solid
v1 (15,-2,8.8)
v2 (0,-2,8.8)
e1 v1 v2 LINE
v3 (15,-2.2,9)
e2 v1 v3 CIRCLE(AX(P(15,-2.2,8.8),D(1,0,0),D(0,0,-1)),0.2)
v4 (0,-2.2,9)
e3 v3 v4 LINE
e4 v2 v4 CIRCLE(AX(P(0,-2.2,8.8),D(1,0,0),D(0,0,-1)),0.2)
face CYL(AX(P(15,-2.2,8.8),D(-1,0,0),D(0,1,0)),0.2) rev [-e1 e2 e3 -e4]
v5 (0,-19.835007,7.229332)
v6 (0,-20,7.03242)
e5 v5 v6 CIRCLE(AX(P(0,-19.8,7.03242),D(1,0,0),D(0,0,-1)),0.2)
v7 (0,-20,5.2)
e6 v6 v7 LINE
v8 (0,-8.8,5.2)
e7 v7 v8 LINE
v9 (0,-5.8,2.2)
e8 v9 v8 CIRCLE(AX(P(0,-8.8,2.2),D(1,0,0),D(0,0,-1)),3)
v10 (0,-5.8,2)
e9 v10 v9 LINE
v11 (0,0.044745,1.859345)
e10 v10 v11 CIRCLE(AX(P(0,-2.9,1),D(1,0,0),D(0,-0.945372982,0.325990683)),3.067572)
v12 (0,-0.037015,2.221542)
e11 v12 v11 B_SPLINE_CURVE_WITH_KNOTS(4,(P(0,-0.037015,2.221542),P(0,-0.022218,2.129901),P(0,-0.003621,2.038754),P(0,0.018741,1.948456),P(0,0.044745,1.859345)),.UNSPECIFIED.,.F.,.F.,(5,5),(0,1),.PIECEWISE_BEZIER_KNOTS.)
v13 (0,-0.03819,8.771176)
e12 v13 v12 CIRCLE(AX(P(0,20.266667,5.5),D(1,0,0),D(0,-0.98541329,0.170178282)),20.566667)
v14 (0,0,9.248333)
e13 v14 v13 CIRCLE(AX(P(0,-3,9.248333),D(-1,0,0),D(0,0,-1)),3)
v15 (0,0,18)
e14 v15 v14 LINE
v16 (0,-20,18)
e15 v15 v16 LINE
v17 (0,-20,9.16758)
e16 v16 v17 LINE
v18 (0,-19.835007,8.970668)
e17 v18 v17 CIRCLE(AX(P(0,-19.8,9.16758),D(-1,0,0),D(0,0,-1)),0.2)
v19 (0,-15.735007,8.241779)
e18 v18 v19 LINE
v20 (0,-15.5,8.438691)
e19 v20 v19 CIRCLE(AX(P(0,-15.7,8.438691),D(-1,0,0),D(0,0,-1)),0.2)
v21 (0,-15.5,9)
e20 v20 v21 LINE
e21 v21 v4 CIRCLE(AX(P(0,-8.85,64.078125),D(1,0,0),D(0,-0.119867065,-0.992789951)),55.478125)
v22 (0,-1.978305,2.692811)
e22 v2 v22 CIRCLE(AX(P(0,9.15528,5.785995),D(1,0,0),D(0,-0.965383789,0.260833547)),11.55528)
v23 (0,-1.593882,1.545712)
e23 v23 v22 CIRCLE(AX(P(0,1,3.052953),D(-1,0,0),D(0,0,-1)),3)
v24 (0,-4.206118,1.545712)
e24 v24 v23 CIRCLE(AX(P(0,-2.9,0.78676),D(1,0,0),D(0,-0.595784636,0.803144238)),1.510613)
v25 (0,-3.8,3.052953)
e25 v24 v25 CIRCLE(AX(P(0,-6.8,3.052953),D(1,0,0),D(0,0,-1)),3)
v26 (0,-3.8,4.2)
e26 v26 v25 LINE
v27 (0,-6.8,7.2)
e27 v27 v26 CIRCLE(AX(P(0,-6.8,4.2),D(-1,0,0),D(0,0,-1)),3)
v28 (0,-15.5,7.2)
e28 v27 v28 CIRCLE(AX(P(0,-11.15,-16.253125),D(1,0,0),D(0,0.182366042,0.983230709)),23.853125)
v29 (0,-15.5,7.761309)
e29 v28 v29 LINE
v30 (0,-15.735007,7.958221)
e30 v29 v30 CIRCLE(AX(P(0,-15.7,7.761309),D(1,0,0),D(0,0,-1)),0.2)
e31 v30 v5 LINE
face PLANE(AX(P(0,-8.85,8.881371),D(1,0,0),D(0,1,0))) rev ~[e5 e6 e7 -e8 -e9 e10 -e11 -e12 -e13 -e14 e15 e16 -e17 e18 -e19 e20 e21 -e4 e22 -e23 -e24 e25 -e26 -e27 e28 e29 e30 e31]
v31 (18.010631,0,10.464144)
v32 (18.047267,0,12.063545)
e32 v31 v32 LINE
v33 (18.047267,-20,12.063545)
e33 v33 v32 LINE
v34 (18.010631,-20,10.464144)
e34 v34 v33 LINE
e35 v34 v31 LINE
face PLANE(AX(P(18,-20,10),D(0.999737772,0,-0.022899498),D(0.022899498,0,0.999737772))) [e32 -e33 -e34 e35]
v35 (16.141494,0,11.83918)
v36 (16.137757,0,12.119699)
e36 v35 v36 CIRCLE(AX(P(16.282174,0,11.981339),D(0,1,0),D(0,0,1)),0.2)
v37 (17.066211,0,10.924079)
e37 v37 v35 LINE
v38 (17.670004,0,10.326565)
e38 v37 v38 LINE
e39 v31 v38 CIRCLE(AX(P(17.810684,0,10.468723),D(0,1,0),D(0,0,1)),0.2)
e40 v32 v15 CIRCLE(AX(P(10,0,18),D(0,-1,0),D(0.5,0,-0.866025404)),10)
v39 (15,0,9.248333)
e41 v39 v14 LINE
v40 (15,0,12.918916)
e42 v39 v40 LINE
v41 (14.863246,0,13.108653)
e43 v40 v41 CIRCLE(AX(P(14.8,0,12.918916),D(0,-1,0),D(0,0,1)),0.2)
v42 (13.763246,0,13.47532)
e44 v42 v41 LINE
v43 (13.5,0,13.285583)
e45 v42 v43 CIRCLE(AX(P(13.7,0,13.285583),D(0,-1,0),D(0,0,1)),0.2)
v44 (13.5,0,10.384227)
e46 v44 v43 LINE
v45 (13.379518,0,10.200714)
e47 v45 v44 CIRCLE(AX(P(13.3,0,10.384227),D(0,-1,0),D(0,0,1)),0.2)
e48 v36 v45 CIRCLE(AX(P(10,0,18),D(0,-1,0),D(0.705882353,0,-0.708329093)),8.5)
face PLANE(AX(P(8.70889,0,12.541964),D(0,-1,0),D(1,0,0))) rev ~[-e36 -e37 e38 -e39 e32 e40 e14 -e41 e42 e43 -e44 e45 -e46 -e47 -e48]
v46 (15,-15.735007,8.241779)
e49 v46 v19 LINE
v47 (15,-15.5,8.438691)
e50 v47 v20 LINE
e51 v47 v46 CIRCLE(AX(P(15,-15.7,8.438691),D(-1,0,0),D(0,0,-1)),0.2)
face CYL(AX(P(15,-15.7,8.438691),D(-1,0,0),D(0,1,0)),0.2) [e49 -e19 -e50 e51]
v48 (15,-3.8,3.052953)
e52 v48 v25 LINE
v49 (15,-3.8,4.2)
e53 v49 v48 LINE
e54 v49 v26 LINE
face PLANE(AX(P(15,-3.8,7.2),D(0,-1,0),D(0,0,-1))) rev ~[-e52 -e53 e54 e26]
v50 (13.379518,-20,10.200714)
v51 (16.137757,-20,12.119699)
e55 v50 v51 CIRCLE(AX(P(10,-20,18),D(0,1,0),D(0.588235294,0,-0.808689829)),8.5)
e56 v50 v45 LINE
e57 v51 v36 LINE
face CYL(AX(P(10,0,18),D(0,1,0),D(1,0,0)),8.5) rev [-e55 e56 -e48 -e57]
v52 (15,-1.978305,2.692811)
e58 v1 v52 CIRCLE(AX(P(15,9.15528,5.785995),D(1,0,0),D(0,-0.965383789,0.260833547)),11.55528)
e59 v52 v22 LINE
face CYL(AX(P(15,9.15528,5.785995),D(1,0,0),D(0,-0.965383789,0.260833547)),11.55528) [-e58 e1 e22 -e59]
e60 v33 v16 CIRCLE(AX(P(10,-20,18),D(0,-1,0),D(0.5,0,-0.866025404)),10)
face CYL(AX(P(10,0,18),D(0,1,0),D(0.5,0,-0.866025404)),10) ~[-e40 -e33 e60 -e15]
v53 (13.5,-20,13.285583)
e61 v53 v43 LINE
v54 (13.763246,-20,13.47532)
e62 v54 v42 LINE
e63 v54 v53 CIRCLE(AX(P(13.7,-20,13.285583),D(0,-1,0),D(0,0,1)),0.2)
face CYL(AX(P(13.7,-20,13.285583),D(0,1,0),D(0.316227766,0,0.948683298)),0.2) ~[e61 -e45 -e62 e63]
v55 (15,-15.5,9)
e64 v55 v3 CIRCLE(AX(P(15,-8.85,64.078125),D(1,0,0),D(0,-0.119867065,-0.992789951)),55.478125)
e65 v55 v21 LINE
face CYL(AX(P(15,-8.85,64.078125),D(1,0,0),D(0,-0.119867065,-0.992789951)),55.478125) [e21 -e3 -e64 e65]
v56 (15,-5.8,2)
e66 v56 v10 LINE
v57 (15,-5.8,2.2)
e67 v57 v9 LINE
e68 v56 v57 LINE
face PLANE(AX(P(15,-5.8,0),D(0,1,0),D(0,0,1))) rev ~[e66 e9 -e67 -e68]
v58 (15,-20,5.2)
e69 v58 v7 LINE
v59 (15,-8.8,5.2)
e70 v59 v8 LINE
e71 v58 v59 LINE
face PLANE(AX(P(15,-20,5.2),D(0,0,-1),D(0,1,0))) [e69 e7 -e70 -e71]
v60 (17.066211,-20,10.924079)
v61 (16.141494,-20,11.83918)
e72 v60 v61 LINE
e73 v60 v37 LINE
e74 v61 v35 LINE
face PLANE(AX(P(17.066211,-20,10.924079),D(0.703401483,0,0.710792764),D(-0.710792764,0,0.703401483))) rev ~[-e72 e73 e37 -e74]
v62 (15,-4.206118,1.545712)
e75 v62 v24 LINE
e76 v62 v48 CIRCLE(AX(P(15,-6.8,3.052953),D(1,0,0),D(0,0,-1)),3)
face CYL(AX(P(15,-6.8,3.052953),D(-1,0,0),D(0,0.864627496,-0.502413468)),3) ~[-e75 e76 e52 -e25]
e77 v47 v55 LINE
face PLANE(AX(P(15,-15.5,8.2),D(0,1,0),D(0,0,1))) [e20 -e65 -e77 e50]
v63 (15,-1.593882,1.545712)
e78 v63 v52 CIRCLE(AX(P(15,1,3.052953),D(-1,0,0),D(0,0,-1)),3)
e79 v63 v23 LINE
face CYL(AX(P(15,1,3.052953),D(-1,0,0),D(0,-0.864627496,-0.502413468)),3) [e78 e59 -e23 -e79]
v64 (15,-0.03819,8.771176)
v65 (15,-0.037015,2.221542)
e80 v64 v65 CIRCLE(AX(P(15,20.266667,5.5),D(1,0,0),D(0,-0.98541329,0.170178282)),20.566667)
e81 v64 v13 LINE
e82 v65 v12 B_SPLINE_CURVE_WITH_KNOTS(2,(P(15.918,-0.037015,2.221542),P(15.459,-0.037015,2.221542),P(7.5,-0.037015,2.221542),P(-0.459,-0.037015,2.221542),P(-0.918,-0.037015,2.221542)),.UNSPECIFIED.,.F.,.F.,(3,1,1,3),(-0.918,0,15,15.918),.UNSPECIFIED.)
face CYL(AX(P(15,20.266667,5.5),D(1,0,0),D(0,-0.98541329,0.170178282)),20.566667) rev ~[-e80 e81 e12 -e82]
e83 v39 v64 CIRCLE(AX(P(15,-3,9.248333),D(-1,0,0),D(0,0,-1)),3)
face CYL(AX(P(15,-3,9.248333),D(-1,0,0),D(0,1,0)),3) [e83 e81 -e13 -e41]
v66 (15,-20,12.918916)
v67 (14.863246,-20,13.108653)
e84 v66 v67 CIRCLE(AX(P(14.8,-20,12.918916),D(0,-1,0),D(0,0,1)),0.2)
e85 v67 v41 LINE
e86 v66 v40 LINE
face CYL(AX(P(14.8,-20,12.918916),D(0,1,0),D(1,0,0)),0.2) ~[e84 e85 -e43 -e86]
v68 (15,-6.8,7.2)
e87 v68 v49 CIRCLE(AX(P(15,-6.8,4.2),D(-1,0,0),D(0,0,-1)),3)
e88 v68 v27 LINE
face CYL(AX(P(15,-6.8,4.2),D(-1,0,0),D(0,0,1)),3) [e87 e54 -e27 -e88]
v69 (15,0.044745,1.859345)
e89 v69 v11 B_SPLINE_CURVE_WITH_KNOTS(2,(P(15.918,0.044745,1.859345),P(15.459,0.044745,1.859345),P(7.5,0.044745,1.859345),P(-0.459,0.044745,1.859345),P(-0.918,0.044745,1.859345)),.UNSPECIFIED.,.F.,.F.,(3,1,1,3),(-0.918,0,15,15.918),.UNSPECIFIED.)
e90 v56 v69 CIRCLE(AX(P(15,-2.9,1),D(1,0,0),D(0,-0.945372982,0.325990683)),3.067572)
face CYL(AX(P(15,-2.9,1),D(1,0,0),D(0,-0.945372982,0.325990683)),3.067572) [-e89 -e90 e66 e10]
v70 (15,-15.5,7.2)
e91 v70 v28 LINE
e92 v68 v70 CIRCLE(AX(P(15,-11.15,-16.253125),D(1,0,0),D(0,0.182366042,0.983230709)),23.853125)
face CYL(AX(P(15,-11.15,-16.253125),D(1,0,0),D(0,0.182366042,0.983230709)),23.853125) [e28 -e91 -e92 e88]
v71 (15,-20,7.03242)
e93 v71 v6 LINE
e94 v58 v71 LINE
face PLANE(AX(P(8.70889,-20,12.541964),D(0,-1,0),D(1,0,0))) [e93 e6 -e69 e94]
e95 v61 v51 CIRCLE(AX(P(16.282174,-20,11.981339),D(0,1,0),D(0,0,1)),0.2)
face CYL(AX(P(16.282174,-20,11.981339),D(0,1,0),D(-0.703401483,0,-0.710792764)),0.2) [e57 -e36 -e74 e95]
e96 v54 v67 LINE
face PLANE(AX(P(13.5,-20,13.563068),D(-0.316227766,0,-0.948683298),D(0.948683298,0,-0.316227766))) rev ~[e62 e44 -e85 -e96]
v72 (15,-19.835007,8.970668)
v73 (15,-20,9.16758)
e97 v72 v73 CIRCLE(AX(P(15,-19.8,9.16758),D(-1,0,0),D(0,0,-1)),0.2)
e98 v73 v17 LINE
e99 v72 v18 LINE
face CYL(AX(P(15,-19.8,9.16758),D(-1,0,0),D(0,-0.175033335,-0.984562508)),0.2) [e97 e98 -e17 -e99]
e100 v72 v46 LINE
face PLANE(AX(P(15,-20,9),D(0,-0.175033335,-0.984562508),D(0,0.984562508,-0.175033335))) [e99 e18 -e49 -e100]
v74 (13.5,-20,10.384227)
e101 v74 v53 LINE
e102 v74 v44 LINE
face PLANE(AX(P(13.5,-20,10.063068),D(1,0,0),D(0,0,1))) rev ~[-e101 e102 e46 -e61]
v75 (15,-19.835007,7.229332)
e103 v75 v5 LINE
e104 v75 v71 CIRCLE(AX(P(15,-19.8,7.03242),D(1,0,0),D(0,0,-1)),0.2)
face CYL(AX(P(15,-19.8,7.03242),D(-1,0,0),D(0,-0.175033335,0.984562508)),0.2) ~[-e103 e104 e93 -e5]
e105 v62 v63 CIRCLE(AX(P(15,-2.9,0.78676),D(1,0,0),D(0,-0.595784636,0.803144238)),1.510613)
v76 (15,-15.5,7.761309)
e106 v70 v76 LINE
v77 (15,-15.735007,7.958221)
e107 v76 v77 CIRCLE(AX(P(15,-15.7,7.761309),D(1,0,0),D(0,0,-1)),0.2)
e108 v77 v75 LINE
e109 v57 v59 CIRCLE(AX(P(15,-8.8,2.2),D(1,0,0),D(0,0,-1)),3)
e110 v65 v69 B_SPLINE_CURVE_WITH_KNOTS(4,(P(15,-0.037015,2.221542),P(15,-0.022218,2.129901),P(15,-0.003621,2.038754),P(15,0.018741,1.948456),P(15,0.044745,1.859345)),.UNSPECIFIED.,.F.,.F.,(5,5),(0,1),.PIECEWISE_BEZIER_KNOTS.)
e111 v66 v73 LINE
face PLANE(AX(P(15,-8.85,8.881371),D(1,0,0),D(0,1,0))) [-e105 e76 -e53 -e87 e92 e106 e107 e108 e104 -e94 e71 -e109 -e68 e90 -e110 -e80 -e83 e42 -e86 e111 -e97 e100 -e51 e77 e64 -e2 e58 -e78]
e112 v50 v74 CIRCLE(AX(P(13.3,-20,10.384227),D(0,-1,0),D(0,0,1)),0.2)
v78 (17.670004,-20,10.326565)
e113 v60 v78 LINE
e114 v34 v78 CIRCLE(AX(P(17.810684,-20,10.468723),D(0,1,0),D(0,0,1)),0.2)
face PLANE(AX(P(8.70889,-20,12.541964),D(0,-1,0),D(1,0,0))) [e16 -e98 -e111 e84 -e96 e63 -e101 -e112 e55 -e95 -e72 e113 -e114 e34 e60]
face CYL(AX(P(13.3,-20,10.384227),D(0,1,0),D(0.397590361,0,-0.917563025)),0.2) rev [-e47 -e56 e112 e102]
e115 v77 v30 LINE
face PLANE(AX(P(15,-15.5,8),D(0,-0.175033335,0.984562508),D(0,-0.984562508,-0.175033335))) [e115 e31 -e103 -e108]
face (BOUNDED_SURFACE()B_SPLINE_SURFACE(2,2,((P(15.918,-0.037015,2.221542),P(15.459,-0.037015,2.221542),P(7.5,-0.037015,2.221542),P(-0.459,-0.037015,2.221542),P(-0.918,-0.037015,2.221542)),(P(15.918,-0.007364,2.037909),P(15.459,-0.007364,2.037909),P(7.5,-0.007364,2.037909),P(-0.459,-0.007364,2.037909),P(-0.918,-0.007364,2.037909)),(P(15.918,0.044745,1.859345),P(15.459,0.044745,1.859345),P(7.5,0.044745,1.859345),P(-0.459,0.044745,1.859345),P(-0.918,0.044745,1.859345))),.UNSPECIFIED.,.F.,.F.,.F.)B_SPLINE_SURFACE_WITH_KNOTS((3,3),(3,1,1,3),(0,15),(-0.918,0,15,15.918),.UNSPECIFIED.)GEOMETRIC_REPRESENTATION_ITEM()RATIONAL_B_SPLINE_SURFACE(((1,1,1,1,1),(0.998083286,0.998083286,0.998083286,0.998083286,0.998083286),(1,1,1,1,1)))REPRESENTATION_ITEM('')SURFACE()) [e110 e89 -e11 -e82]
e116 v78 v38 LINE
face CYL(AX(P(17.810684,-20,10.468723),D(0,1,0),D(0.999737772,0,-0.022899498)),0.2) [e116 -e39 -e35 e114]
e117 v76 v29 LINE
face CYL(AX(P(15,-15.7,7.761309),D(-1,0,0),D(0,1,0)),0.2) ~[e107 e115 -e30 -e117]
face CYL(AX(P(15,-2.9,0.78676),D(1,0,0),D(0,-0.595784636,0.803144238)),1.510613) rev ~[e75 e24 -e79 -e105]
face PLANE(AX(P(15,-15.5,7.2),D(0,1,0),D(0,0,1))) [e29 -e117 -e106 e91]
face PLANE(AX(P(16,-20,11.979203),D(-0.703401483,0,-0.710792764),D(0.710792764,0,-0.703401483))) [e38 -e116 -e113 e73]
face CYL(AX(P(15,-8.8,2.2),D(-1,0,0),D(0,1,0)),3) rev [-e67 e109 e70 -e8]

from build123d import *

# Parameters (mm, degrees)
F0_R      = 8.5
F1_DEPTH  = 20
F2_W      = 14.2
F2_H      = 5.2
F3_DEPTH  = 15.001
F5_DEPTH  = 15
F6_W      = 1
F6_H      = 2.6394567484
F7_DEPTH  = 20.001
F8_W      = 1.5
F8_H      = 3.5
F9_DEPTH  = 20
F11_DEPTH = 20
F13_DEPTH = 15
F15_DEPTH = 15.001
F16_R     = 3
F17_R     = 0.2
F19_DEPTH = 15


with BuildPart() as f1:
    # F0 (on Front) → F1 (new body)
    with BuildSketch(Plane.XZ):
        with BuildLine():
            Line((0, 18), (0, 0))
            Line((0, 0), (15, 0))
            Line((15, 0), (15, 9.3397459622))
            ThreePointArc((15, 9.3397459622), (15, 26.6602540378), (0, 18))
        make_face()
        with Locations((10, 18)):
            Circle(F0_R, mode=Mode.SUBTRACT)
    extrude(amount=F1_DEPTH)

    # F2 (on face) → F3 (cut, through all)
    with BuildSketch(Plane.YZ.offset(15)):
        Polygon((-3.8, 2), (-2, 2), (-2, 9), (-20, 9), (-20, 7.2), (-3.8, 7.2), align=None)
        with Locations((-12.9, 2.6)):
            Rectangle(F2_W, F2_H)
    extrude(amount=-F3_DEPTH, mode=Mode.SUBTRACT)

    # F4 (on face) → F5 (join, through all)
    with BuildSketch(Plane.YZ.offset(15)):
        Polygon((-20, 7.2), (-15.5, 7.2), (-15.5, 8), align=None)
        Polygon((-15.5, 8.2), (-15.5, 9), (-20, 9), align=None)
    extrude(amount=-F5_DEPTH)

    # F6 (on face) → F7 (cut, through all)
    with BuildSketch(Plane.XZ.offset(20)):
        with Locations((15.5, 10.6594743364)):
            Rectangle(F6_W, F6_H)
    extrude(amount=-F7_DEPTH, mode=Mode.SUBTRACT)

    # F8 (on face) → F9 (join, through all)
    with BuildSketch(Plane.XZ.offset(20)):
        with Locations((14.25, 11.8130682288)):
            Rectangle(F8_W, F8_H)
        Polygon((18.0472665318, 12.0635447138), (16, 11.9792027106), (18, 10), align=None)
    extrude(amount=-F9_DEPTH)

    # F10 (on face) → F11 (cut, through all)
    with BuildSketch(Plane.XZ.offset(20)):
        Polygon((16, 11.9792027106), (16, 10), (17.0662110755, 10), (17.0662110755, 10.9240787853), align=None)
        Polygon((15, 13.5630682288), (13.5, 13.5630682288), (15, 13.0630682288), align=None)
    extrude(amount=-F11_DEPTH, mode=Mode.SUBTRACT)

    # F12 (on face) → F13 (join, through all)
    with BuildSketch(Plane.YZ.offset(15)):
        with BuildLine():
            Line((0, 2), (-5.8, 2))
            ThreePointArc((-5.8, 2), (-2.9, -2.06757233), (0, 2))
        make_face()
    extrude(amount=-F13_DEPTH)

    # F14 (on face) → F15 (cut, through all)
    with BuildSketch(Plane.YZ.offset(15)):
        with BuildLine():
            Line((-2, 2), (-3.8, 2))
            ThreePointArc((-3.8, 2), (-2.9, -0.723853077), (-2, 2))
        make_face()
        with BuildLine():
            Line((0, 2), (0, 9))
            ThreePointArc((0, 9), (-0.3, 5.5), (0, 2))
        make_face()
    extrude(amount=-F15_DEPTH, mode=Mode.SUBTRACT)

    # F16
    f16_edges = [f1.edges().sort_by_distance(p)[0] for p in [
        (7.5, -3.8, 7.2),
        (7.5, -5.8, 5.2),
        (7.5, -3.8, 2),
        (7.5, -2, 2),
        (7.5, 0, 2),
        (7.5, 0, 9),
    ]]
    fillet(f16_edges, radius=F16_R)

    # F17
    f17_edges = [f1.edges().sort_by_distance(p)[0] for p in [
        (7.5, -20, 7.2),
        (7.5, -20, 9),
        (7.5, -15.5, 8.2),
        (7.5, -15.5, 8),
        (7.5, -2, 9),
        (18, -10, 10),
        (16, -10, 11.979203),
        (13.5, -10, 13.563068),
        (15, -10, 13.063068),
        (13.5, -10, 10.254033),
    ]]
    fillet(f17_edges, radius=F17_R)

    # F18 (on face) → F19 (join, through all)
    with BuildSketch(Plane.YZ.offset(15)):
        with BuildLine():
            Line((-2.2, 9), (-15.5, 9))
            ThreePointArc((-15.5, 9), (-8.85, 8.6), (-2.2, 9))
        make_face()
        with BuildLine():
            Line((-15.5, 7.2), (-6.8, 7.2))
            ThreePointArc((-6.8, 7.2), (-11.15, 7.6), (-15.5, 7.2))
        make_face()
        with BuildLine():
            Line((-1.5938824883, 1.5457121977), (-2, 8.8))
            ThreePointArc((-2, 8.8), (-2.381934709, 5.1401063518), (-1.5938824883, 1.5457121977))
        make_face()
    extrude(amount=-F19_DEPTH)


solid = f1.part
